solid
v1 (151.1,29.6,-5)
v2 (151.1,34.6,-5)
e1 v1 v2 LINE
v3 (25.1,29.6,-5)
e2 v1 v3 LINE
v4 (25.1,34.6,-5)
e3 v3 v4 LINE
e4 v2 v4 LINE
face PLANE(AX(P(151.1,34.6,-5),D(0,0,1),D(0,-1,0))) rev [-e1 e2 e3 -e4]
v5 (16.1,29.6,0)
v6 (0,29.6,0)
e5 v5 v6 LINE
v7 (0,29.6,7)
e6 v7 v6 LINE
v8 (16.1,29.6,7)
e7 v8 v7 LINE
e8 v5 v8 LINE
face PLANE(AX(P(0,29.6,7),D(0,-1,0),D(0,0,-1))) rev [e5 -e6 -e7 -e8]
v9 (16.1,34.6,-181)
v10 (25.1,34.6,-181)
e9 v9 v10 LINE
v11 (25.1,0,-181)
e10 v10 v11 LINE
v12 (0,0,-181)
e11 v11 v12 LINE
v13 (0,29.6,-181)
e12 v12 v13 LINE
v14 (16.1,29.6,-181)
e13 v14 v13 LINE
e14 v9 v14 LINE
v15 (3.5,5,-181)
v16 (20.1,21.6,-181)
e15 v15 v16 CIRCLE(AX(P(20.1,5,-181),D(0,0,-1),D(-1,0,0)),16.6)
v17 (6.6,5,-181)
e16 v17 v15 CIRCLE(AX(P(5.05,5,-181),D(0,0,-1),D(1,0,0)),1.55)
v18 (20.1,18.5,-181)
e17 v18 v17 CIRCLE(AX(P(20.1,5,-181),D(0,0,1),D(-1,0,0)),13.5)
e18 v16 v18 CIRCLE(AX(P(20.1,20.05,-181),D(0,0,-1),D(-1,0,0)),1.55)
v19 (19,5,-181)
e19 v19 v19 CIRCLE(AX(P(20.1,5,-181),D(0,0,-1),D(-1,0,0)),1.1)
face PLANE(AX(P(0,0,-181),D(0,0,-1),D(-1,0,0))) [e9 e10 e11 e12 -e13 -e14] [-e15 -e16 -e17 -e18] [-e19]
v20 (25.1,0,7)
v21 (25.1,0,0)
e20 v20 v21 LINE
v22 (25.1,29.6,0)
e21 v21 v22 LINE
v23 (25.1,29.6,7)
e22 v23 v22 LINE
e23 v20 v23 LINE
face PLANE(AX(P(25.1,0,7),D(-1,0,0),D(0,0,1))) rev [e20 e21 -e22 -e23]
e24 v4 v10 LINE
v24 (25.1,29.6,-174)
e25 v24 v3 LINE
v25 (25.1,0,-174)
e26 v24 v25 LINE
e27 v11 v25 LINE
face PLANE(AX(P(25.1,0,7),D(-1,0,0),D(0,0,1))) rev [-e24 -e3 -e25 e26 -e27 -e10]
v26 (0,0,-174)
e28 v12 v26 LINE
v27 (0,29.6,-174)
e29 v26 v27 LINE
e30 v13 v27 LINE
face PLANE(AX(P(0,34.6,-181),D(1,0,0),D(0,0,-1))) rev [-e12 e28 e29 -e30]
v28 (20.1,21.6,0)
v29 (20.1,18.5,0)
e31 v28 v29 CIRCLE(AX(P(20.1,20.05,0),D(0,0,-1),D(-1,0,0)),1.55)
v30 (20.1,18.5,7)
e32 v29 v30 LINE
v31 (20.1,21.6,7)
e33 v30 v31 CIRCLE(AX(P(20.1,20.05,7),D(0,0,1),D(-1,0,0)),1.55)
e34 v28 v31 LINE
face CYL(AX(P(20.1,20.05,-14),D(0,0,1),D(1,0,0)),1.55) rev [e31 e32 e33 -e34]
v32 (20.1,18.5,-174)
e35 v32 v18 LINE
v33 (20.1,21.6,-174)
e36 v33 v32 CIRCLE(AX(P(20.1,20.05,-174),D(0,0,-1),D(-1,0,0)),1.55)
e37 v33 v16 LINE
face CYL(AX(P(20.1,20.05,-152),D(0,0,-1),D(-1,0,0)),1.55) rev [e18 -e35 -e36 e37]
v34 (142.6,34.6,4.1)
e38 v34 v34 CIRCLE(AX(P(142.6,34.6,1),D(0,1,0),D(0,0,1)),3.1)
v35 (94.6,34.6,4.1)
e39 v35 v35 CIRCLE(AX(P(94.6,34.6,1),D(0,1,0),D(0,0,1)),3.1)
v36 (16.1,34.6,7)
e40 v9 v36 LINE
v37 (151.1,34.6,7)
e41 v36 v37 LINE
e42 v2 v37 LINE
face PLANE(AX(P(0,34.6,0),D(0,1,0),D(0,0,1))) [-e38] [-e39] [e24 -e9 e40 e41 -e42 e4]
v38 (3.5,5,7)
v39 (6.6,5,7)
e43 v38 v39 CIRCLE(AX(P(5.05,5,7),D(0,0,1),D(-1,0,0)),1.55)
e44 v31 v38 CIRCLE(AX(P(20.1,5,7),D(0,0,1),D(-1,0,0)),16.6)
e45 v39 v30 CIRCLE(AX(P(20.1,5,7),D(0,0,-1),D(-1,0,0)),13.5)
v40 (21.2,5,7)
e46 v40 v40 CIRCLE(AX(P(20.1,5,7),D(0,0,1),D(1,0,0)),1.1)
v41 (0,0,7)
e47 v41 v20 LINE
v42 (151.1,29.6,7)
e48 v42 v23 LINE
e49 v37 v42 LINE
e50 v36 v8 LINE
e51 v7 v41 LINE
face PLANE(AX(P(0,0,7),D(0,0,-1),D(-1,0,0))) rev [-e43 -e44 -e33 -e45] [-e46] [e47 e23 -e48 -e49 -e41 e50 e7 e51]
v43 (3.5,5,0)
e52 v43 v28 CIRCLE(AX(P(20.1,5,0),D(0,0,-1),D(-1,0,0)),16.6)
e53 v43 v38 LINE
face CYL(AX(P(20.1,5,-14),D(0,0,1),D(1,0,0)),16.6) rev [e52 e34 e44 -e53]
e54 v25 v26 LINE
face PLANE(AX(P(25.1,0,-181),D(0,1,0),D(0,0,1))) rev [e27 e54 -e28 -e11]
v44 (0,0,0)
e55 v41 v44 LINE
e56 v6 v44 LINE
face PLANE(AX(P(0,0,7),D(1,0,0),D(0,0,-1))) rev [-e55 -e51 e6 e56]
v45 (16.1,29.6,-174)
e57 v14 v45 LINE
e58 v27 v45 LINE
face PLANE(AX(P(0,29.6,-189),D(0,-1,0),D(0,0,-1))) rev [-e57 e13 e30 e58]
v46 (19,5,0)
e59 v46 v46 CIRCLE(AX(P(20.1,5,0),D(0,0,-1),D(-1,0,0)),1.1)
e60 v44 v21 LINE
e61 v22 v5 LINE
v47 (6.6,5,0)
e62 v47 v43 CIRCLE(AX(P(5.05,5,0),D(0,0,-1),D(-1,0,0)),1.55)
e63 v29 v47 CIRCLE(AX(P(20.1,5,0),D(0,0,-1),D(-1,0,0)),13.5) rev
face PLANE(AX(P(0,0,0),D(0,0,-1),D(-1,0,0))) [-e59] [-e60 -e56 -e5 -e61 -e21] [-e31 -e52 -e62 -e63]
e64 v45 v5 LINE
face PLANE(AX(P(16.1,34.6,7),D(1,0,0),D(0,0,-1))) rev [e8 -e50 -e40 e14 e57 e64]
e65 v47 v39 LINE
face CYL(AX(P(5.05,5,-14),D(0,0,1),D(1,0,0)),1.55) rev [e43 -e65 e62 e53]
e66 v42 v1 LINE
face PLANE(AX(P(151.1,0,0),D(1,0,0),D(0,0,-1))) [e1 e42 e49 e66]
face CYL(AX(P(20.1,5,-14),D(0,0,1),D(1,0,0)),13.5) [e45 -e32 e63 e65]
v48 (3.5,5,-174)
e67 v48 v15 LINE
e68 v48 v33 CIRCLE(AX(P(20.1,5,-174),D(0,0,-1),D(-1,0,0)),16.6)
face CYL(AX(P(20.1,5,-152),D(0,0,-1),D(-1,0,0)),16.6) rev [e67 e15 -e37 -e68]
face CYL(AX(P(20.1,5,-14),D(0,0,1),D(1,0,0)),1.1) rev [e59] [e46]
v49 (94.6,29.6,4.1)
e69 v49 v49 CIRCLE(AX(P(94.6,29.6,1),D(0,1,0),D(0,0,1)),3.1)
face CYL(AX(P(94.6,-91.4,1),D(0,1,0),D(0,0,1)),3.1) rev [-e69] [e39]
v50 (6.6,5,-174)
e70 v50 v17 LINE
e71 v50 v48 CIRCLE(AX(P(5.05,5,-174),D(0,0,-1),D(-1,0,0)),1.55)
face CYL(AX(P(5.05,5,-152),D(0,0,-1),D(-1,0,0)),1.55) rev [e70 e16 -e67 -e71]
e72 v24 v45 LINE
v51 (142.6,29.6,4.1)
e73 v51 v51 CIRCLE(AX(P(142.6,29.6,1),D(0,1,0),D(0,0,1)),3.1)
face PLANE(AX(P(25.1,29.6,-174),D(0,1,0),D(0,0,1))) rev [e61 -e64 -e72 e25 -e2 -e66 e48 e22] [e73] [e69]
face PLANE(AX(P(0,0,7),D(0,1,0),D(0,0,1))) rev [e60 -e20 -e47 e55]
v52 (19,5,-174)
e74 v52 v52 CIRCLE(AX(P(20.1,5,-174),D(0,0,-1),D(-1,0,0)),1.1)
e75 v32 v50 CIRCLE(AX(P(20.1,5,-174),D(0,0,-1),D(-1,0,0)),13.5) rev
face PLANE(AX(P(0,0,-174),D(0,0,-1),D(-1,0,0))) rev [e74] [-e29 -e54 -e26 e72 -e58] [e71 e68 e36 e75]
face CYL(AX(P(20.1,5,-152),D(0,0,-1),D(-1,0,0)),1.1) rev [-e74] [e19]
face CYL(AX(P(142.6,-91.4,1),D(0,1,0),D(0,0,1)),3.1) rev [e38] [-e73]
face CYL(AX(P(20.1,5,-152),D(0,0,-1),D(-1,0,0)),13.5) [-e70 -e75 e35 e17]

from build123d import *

# Parameters (mm, degrees)
SKETCH24_W           = 25.1
SKETCH24_H           = 29.6
BOSS_EXTRUDE8_DEPTH  = 7
SKETCH26_W           = 9
SKETCH26_H           = 7
BOSS_EXTRUDE9_DEPTH  = 5
SKETCH27_W           = 9
SKETCH27_H           = 5
BOSS_EXTRUDE10_DEPTH = 174
SKETCH28_W           = 25.1
SKETCH28_H           = 34.6
BOSS_EXTRUDE11_DEPTH = 7
SKETCH29_W           = 16.1
SKETCH29_H           = 5
CUT_EXTRUDE8_DEPTH   = 15
SKETCH32_R           = 1.1
CUT_EXTRUDE11_DEPTH  = 29
SKETCH33_R           = 1.1
CUT_EXTRUDE13_DEPTH  = 21
SKETCH35_W           = 12
SKETCH35_H           = 5
BOSS_EXTRUDE12_DEPTH = 126
SKETCH38_R           = 3.1
CUT_EXTRUDE14_DEPTH  = 126


with BuildPart() as part:
    # Sketch24 → Boss-Extrude8 (new body)
    with BuildSketch(Plane.XY):
        with Locations((12.55, 14.8)):
            Rectangle(SKETCH24_W, SKETCH24_H)
    extrude(amount=BOSS_EXTRUDE8_DEPTH)

    # Sketch26 → Boss-Extrude9 (add)
    with BuildSketch(Plane(origin=(0, 29.6, 0), x_dir=(1, 0, 0), z_dir=(0, 1, 0))):
        with Locations((20.6, -3.5)):
            Rectangle(SKETCH26_W, SKETCH26_H)
    extrude(amount=BOSS_EXTRUDE9_DEPTH)

    # Sketch27 → Boss-Extrude10 (add)
    with BuildSketch(Plane(origin=(0, 0, 0), x_dir=(-1, 0, 0), z_dir=(0, 0, -1))):
        with Locations((-20.6, 32.1)):
            Rectangle(SKETCH27_W, SKETCH27_H)
    extrude(amount=BOSS_EXTRUDE10_DEPTH)

    # Sketch28 → Boss-Extrude11 (add)
    with BuildSketch(Plane(origin=(0, 0, -174), x_dir=(-1, 0, 0), z_dir=(0, 0, -1))):
        with Locations((-12.55, 17.3)):
            Rectangle(SKETCH28_W, SKETCH28_H)
    extrude(amount=BOSS_EXTRUDE11_DEPTH)

    # Sketch29 → Cut-Extrude8 (cut)
    with BuildSketch(Plane.XY.offset(-174)):
        with Locations((8.05, 32.1)):
            Rectangle(SKETCH29_W, SKETCH29_H)
    extrude(amount=-CUT_EXTRUDE8_DEPTH, mode=Mode.SUBTRACT)

    # Sketch32 → Cut-Extrude11 (cut)
    with BuildSketch(Plane(origin=(0, 0, -181), x_dir=(-1, 0, 0), z_dir=(0, 0, -1))):
        with Locations((-20.1, 5)):
            Circle(SKETCH32_R)
        with BuildLine():
            ThreePointArc((-6.6, 5), (-10.554058454, 14.545941546), (-20.1, 18.5))
            ThreePointArc((-20.1, 18.5), (-21.65, 20.05), (-20.1, 21.6))
            ThreePointArc((-20.1, 21.6), (-8.362027432, 16.737972568), (-3.5, 5))
            ThreePointArc((-3.5, 5), (-5.05, 3.45), (-6.6, 5))
        make_face()
    extrude(amount=-CUT_EXTRUDE11_DEPTH, mode=Mode.SUBTRACT)

    # Sketch33 → Cut-Extrude13 (cut)
    with BuildSketch(Plane.XY.offset(7)):
        with Locations((20.1, 5)):
            Circle(SKETCH33_R)
        with BuildLine():
            ThreePointArc((6.6, 5), (10.554058454, 14.545941546), (20.1, 18.5))
            ThreePointArc((20.1, 18.5), (21.65, 20.05), (20.1, 21.6))
            ThreePointArc((20.1, 21.6), (8.362027432, 16.737972568), (3.5, 5))
            ThreePointArc((3.5, 5), (5.05, 3.45), (6.6, 5))
        make_face()
    extrude(amount=-CUT_EXTRUDE13_DEPTH, mode=Mode.SUBTRACT)

    # Sketch35 → Boss-Extrude12 (add)
    with BuildSketch(Plane(origin=(25.1, 0, 0), x_dir=(0, 0, -1), z_dir=(1, 0, 0))):
        with Locations((-1, 32.1)):
            Rectangle(SKETCH35_W, SKETCH35_H)
    extrude(amount=BOSS_EXTRUDE12_DEPTH)

    # Sketch38 → Cut-Extrude14 (cut)
    with BuildSketch(Plane(origin=(0, 34.6, 0), x_dir=(1, 0, 0), z_dir=(0, 1, 0))):
        with Locations((142.6, -1)):
            Circle(SKETCH38_R)
        with Locations((94.6, -1)):
            Circle(SKETCH38_R)
    extrude(amount=-CUT_EXTRUDE14_DEPTH, mode=Mode.SUBTRACT)


solid = part.part
